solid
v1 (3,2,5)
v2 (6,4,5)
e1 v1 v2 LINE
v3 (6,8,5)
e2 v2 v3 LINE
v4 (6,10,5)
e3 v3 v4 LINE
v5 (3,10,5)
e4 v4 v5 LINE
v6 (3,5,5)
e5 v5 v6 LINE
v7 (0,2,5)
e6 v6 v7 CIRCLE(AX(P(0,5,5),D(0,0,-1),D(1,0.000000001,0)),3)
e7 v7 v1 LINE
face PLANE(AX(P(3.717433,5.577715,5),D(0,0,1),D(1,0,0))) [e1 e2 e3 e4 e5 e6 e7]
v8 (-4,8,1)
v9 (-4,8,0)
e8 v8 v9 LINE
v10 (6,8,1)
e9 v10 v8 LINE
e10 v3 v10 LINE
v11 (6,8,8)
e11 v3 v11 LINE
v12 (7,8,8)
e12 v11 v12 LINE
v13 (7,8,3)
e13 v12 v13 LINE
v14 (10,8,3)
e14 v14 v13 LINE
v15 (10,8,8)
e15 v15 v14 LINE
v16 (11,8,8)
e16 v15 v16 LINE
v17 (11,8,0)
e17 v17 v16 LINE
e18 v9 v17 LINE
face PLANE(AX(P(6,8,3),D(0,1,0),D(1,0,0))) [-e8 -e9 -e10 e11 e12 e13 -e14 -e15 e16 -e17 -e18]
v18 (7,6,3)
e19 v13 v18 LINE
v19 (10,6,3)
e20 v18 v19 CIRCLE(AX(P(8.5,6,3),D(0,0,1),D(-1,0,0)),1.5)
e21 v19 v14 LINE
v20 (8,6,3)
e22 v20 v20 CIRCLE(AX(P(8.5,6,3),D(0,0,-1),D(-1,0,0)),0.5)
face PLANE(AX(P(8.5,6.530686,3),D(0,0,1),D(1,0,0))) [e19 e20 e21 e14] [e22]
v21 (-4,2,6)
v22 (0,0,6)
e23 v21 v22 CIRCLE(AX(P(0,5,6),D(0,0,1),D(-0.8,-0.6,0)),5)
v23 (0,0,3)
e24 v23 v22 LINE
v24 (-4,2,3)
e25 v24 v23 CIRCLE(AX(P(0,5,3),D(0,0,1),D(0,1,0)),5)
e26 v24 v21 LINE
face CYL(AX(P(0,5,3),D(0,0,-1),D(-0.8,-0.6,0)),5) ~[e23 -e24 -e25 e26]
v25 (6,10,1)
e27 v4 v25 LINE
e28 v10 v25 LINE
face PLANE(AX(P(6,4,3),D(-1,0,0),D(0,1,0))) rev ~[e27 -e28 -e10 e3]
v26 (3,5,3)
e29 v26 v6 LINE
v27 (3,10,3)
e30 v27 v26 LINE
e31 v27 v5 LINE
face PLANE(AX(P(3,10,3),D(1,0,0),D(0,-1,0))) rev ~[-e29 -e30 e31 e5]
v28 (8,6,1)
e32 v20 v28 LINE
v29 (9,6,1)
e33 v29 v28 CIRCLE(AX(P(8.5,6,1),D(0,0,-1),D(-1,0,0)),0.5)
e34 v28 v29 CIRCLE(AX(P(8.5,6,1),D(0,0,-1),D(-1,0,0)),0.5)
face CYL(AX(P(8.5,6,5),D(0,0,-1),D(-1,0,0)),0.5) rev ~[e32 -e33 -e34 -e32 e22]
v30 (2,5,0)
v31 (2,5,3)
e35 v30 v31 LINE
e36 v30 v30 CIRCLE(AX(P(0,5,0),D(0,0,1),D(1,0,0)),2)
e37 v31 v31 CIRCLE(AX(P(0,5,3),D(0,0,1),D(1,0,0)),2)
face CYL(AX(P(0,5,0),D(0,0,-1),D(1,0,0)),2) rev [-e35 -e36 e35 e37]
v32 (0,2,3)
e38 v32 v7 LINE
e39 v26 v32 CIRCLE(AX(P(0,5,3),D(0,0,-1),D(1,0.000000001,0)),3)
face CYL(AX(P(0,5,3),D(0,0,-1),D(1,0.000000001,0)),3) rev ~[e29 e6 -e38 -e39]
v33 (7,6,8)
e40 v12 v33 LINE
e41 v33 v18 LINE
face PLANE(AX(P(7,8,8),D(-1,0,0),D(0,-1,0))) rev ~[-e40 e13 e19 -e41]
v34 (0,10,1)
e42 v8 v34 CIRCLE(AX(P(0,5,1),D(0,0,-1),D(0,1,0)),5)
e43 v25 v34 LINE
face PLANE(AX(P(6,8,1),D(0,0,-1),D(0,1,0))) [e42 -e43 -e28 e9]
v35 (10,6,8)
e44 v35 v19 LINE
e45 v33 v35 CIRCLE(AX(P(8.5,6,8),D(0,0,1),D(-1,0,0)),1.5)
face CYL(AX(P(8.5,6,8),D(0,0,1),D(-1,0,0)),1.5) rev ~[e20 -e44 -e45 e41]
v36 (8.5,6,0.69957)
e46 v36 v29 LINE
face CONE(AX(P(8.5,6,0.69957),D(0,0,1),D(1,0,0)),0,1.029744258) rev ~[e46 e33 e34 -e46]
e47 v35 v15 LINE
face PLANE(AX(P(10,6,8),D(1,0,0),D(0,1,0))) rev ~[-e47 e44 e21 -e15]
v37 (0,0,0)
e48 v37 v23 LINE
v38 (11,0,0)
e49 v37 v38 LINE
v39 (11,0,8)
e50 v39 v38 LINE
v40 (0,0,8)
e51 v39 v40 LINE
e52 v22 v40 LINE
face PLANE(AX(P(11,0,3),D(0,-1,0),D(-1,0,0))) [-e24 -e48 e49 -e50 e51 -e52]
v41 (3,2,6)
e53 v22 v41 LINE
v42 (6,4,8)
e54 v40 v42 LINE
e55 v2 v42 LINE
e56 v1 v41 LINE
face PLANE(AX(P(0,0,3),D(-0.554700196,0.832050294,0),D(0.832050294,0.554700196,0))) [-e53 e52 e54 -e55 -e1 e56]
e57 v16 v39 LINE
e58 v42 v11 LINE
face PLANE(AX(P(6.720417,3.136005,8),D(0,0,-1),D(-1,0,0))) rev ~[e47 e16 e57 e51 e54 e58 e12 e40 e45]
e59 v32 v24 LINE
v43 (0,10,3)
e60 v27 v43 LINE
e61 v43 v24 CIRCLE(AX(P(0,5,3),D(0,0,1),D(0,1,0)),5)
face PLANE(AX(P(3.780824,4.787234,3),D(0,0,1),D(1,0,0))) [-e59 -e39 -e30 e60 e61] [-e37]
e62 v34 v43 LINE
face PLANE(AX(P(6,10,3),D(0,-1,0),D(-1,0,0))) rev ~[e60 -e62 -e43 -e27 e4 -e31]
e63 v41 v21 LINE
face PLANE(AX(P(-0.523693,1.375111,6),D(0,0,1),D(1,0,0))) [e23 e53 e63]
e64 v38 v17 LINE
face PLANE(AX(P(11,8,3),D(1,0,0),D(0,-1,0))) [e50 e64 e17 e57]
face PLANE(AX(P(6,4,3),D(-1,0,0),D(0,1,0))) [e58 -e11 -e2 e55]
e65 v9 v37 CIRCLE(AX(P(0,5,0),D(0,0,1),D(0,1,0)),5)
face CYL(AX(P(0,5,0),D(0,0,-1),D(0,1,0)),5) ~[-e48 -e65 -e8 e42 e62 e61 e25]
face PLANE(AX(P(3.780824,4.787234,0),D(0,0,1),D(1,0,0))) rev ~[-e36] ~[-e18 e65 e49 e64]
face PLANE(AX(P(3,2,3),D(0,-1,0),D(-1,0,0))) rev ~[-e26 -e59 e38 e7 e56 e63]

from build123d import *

# Parameters (mm, degrees)
SKETCH1_R                 = 2
BOSS_EXTRUDE1_DEPTH       = 3
SKETCH2_W                 = 1
SKETCH2_H                 = 2
CUT_EXTRUDE1_DEPTH        = 15
SKETCH3_R                 = 0.5
BOSS_EXTRUDE2_DEPTH       = 5
CUT_EXTRUDE2_DEPTH        = 5
BOSS_EXTRUDE3_DEPTH       = 3
BOSS_EXTRUDE4_DEPTH       = 2
F_1_0MM_DOWEL_HOLE1_D     = 1
F_1_0MM_DOWEL_HOLE1_DEPTH = 2
F_1_0MM_DOWEL_HOLE1_TIP   = 0.30043031


with BuildPart() as part:
    # Sketch1 → Boss-Extrude1 (new body)
    with BuildSketch(Plane.XY):
        with BuildLine():
            Line((0, 0), (11, 0))
            Line((11, 0), (11, 8))
            Line((11, 8), (6, 8))
            Line((6, 8), (6, 10))
            Line((6, 10), (0, 10))
            ThreePointArc((0, 10), (-5, 5), (0, 0))
        make_face()
        with Locations((0, 5)):
            Circle(SKETCH1_R, mode=Mode.SUBTRACT)
    extrude(amount=BOSS_EXTRUDE1_DEPTH)

    # Sketch2 → Cut-Extrude1 (cut)
    with BuildSketch(Plane(origin=(6, 0, 0), x_dir=(0, 0, -1), z_dir=(1, 0, 0))):
        with Locations((-0.5, 9)):
            Rectangle(SKETCH2_W, SKETCH2_H)
    extrude(amount=-CUT_EXTRUDE1_DEPTH, mode=Mode.SUBTRACT)

    # Sketch3 → Boss-Extrude2 (add)
    with BuildSketch(Plane.XY.offset(3)):
        Polygon((11, 8), (11, 0), (0, 0), (6, 4), (6, 8), align=None)
        with Locations((8.5, 6)):
            Circle(SKETCH3_R, mode=Mode.SUBTRACT)
    extrude(amount=BOSS_EXTRUDE2_DEPTH)

    # Sketch4 → Cut-Extrude2 (cut)
    with BuildSketch(Plane.XY.offset(8)):
        with BuildLine():
            Line((7, 8), (7, 6))
            ThreePointArc((7, 6), (8.5, 4.5), (10, 6))
            Line((10, 6), (10, 8))
            Line((10, 8), (7, 8))
        make_face()
    extrude(amount=-CUT_EXTRUDE2_DEPTH, mode=Mode.SUBTRACT)

    # Sketch5 → Boss-Extrude3 (add)
    with BuildSketch(Plane.XY.offset(3)):
        with BuildLine():
            Line((3, 2), (-4, 2))
            ThreePointArc((-4, 2), (-2.236067977, 0.527864045), (0, 0))
            Line((0, 0), (3, 2))
        make_face()
    extrude(amount=BOSS_EXTRUDE3_DEPTH)

    # Sketch6 → Boss-Extrude4 (add)
    with BuildSketch(Plane.XY.offset(3)):
        with BuildLine():
            Line((3, 10), (3, 5))
            ThreePointArc((3, 5), (2.121320344, 2.878679656), (0, 2))
            Line((0, 2), (3, 2))
            Line((3, 2), (6, 4))
            Line((6, 4), (6, 10))
            Line((6, 10), (3, 10))
        make_face()
    extrude(amount=BOSS_EXTRUDE4_DEPTH)

    # Ø1.0mm Dowel Hole1
    with Locations(Plane(origin=(8.5, 6, 3), x_dir=(1, 0, 0), z_dir=(0, 0, 1))):
        with Locations((0, 0)):
            Hole(F_1_0MM_DOWEL_HOLE1_D / 2, depth=F_1_0MM_DOWEL_HOLE1_DEPTH)
            with Locations((0, 0, -(F_1_0MM_DOWEL_HOLE1_DEPTH + F_1_0MM_DOWEL_HOLE1_TIP / 2))):  # 118° drill point
                Cone(0, F_1_0MM_DOWEL_HOLE1_D / 2, F_1_0MM_DOWEL_HOLE1_TIP, mode=Mode.SUBTRACT)


solid = part.part
